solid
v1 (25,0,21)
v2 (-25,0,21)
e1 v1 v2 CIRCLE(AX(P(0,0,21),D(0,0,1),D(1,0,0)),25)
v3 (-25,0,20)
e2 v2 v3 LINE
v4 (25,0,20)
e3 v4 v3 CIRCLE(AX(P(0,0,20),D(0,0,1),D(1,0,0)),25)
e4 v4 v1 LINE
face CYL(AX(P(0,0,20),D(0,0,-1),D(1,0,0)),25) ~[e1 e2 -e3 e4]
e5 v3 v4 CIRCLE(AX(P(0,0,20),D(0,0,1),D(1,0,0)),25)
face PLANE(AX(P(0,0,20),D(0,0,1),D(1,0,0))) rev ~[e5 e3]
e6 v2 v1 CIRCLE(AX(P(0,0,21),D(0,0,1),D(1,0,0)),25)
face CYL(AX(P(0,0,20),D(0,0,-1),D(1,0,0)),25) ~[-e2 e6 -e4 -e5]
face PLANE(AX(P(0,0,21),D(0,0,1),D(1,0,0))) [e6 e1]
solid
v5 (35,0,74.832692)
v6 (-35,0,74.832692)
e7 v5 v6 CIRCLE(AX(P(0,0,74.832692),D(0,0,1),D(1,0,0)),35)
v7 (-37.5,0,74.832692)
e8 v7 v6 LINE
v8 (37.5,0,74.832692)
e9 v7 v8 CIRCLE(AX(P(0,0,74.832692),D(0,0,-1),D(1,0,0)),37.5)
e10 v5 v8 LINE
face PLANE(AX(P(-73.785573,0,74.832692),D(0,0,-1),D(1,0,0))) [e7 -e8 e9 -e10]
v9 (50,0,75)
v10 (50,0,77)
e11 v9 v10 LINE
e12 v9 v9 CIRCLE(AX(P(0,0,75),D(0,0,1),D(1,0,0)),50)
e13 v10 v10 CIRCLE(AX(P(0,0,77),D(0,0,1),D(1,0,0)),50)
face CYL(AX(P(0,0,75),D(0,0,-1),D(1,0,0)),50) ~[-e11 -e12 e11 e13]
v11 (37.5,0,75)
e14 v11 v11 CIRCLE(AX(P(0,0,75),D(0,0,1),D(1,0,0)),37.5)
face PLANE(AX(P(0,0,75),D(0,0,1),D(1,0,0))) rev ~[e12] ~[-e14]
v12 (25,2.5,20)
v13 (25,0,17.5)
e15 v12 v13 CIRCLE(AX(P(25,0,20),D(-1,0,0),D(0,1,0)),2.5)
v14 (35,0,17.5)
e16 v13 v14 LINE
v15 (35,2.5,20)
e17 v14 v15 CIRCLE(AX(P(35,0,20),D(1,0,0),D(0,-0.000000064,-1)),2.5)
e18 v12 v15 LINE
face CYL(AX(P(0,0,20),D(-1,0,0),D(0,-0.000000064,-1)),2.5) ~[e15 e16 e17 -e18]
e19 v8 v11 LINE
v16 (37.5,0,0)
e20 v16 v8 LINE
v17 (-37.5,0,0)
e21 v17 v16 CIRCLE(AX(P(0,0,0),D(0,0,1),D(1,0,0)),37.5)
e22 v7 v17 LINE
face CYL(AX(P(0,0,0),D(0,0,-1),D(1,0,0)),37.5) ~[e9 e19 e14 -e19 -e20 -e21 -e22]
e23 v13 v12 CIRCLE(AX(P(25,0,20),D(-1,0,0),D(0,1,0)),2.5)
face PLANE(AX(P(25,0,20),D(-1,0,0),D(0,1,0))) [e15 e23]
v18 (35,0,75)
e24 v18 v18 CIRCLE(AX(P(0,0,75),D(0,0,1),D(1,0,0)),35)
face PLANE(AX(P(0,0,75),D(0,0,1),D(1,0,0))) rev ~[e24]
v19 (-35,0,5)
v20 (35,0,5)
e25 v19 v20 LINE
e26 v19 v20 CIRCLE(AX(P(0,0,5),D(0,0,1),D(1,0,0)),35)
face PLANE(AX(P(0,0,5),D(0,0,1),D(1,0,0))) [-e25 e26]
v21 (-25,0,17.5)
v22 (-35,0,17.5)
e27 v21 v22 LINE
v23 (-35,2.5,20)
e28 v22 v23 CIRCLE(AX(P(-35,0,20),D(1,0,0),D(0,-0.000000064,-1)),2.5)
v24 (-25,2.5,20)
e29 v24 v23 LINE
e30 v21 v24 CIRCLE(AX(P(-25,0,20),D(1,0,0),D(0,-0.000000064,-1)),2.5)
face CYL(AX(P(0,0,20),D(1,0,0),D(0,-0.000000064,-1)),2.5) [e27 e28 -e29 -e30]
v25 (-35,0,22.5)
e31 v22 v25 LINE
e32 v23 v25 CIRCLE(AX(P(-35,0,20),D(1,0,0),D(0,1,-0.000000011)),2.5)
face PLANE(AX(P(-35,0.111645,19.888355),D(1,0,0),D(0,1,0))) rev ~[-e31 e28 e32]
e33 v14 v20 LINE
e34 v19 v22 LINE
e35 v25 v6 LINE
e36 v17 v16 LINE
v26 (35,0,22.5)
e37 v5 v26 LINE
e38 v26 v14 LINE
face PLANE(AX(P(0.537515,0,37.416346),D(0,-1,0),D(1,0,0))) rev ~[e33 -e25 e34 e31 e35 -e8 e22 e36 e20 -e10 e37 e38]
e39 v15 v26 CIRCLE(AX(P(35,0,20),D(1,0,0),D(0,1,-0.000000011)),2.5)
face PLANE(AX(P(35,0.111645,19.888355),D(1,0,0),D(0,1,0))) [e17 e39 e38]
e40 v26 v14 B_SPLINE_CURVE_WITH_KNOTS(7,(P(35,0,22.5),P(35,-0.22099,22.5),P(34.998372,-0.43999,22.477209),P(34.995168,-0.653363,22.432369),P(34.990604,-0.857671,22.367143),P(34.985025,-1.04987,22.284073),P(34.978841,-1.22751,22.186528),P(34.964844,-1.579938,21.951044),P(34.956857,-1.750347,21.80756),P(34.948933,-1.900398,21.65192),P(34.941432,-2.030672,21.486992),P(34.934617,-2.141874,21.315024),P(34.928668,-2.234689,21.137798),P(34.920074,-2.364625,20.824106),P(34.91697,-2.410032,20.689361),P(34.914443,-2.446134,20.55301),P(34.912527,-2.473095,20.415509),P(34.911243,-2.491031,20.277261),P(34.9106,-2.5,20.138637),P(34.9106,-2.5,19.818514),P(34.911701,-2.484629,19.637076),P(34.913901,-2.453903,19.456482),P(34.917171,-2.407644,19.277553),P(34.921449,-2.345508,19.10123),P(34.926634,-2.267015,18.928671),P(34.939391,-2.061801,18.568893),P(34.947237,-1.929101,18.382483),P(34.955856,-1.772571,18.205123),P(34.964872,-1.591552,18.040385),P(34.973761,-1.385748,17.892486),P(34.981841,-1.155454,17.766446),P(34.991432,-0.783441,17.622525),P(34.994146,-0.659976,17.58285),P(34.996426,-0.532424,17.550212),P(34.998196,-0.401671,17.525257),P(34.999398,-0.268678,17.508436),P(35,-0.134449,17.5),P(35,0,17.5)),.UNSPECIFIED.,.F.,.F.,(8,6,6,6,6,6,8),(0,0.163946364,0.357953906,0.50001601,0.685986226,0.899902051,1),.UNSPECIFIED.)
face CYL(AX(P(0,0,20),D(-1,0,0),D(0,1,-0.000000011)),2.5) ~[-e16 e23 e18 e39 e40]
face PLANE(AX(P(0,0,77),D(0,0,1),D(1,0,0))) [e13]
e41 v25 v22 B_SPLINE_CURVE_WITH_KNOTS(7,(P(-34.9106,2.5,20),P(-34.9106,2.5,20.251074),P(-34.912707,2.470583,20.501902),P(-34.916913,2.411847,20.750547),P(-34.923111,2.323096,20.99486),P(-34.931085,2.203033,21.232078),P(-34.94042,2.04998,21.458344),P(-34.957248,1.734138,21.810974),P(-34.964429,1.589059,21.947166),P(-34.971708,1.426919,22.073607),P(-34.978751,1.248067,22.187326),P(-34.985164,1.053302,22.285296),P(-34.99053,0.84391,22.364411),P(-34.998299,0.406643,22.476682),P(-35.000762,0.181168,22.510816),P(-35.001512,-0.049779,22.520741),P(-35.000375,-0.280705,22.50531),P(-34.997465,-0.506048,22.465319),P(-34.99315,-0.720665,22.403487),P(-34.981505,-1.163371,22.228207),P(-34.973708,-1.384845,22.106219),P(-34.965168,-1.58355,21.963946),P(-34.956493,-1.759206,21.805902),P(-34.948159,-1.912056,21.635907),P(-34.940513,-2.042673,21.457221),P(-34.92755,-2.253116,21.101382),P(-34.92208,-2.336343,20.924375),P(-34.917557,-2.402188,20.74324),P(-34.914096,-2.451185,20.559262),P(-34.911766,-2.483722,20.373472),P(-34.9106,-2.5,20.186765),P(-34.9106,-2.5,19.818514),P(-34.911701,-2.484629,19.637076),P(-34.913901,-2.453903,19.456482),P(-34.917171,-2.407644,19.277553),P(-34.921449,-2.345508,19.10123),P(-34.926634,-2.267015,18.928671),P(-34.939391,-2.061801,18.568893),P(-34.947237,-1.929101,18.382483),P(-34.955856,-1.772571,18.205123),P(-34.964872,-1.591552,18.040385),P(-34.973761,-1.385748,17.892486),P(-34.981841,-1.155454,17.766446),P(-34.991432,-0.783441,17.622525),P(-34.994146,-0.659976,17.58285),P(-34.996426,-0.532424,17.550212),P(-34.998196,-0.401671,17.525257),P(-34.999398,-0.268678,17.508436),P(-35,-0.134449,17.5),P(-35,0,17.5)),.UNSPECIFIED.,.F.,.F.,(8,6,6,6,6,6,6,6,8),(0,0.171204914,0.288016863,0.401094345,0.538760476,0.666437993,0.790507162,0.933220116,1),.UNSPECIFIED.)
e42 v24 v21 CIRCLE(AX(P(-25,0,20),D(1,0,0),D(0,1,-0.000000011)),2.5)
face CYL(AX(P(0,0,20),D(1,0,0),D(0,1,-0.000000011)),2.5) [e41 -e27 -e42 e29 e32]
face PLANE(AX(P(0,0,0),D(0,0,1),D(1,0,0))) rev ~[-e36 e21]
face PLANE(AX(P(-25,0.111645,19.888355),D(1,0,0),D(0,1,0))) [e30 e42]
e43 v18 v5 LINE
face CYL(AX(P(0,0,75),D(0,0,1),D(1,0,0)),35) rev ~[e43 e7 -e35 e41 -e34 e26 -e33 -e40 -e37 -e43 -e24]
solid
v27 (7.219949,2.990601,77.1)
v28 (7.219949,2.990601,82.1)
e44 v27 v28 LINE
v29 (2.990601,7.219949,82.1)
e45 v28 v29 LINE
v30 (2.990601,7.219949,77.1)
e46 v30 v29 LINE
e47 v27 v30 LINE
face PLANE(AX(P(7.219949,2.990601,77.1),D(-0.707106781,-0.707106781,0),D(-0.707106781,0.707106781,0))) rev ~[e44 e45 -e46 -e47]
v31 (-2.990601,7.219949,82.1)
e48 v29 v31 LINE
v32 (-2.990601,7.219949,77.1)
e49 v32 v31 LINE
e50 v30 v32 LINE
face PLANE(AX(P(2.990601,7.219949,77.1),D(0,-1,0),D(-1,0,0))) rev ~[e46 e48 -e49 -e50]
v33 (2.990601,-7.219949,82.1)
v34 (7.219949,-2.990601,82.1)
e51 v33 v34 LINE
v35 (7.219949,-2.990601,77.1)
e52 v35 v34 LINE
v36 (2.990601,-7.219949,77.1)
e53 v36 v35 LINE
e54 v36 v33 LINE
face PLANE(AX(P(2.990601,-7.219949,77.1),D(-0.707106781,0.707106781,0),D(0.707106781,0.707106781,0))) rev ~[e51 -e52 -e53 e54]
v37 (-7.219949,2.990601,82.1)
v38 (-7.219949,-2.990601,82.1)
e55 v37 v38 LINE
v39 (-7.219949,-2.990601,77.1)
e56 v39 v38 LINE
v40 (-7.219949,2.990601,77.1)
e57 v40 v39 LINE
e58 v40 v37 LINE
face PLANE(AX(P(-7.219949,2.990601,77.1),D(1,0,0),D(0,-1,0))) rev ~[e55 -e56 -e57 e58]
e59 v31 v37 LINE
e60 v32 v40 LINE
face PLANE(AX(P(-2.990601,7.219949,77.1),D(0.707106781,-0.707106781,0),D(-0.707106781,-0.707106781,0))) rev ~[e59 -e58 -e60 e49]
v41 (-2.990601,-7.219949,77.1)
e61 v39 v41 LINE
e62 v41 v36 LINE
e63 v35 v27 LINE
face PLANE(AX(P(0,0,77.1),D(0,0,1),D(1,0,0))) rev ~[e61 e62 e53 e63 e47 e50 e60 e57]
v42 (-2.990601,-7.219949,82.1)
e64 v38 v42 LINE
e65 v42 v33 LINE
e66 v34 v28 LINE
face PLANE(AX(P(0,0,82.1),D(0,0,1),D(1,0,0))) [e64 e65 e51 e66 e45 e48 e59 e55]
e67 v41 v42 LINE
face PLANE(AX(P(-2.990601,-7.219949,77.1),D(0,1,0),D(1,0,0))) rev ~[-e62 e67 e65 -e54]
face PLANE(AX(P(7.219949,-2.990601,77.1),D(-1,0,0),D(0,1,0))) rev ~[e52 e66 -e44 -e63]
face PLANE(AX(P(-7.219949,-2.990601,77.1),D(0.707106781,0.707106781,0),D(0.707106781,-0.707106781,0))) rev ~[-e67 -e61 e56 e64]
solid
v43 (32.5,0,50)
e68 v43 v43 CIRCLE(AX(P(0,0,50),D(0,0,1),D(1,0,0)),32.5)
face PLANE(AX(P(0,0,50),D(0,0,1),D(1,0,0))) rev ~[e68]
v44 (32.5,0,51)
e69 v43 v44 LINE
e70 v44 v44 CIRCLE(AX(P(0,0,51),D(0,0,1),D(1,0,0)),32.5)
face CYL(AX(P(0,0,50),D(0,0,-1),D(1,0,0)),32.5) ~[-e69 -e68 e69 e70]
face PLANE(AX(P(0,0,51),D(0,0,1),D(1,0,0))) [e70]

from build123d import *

# Parameters (mm, degrees)
F0_R      = 37.5
F1_DEPTH  = 75
F2_R      = 35
F3_DEPTH  = 70
F4_W      = 148.646176
F4_H      = 74.832693
F5_DEPTH  = 46
F7_DEPTH  = 35
F7_FACE_R = 2.5
F8_DEPTH  = 25
F9_DEPTH  = 35
F10_DEPTH = 25
F12_R     = 25
F13_DEPTH = 1
F15_R     = 32.5
F16_DEPTH = 1
F17_R     = 50
F18_DEPTH = 2
F21_DEPTH = 5


with BuildPart() as f1:
    # F0 (on Top) → F1 (new body)
    with BuildSketch(Plane.XY):
        Circle(F0_R)
    extrude(amount=F1_DEPTH)

    # F2 (on face) → F3 (cut)
    with BuildSketch(Plane.XY.offset(75)):
        Circle(F2_R)
    extrude(amount=-F3_DEPTH, mode=Mode.SUBTRACT)

    # F4 (on Front) → F5 (cut)
    with BuildSketch(Plane.XZ):
        with Locations((0.537515, 37.416346)):
            Rectangle(F4_W, F4_H)
    extrude(amount=-F5_DEPTH, mode=Mode.SUBTRACT)

    # F6 (on Right) → F7 (join)
    with BuildSketch(Plane.YZ):
        with BuildLine():
            ThreePointArc((0, 17.5), (1.767767, 18.232233), (2.5, 20))
            ThreePointArc((2.5, 20), (-1.767767, 21.767767), (0, 17.5))
        make_face()
    extrude(amount=F7_DEPTH)

    # F7_face (on face) → F8 (cut)
    with BuildSketch(Plane(origin=(0, 0, 20), x_dir=(0, 1, 0), z_dir=(-1, 0, 0))):
        Circle(F7_FACE_R)
    extrude(amount=-F8_DEPTH, mode=Mode.SUBTRACT)

    # F6 (on Right) → F9 (join)
    with BuildSketch(Plane.YZ):
        with BuildLine():
            ThreePointArc((0, 17.5), (1.767767, 18.232233), (2.5, 20))
            ThreePointArc((2.5, 20), (-1.767767, 21.767767), (0, 17.5))
        make_face()
    extrude(amount=-F9_DEPTH)

    # F6 (on Right) → F10 (cut)
    with BuildSketch(Plane.YZ):
        with BuildLine():
            ThreePointArc((0, 17.5), (1.767767, 18.232233), (2.5, 20))
            ThreePointArc((2.5, 20), (-1.767767, 21.767767), (0, 17.5))
        make_face()
    extrude(amount=-F10_DEPTH, mode=Mode.SUBTRACT)

    # F12 (on offset) → F13 (join)
    with BuildSketch(Plane.XY.offset(20)):
        Circle(F12_R)
    extrude(amount=F13_DEPTH)

    # F17 (on face) → F18 (join)
    with BuildSketch(Plane.XY.offset(75)):
        Circle(F17_R)
    extrude(amount=F18_DEPTH)


with BuildPart() as f16:
    # F15 (on offset) → F16 (new body)
    with BuildSketch(Plane.XY.offset(50)):
        Circle(F15_R)
    extrude(amount=F16_DEPTH)


with BuildPart() as f21:
    # F20 (on offset) → F21 (new body)
    with BuildSketch(Plane.XY.offset(77.1)):
        Polygon((7.219949, -2.990601), (7.219949, 2.990601), (2.990601, 7.219949), (-2.990601, 7.219949), (-7.219949, 2.990601), (-7.219949, -2.990601), (-2.990601, -7.219949), (2.990601, -7.219949), align=None)
    extrude(amount=F21_DEPTH)


solid = Compound([f1.part, f16.part, f21.part])
